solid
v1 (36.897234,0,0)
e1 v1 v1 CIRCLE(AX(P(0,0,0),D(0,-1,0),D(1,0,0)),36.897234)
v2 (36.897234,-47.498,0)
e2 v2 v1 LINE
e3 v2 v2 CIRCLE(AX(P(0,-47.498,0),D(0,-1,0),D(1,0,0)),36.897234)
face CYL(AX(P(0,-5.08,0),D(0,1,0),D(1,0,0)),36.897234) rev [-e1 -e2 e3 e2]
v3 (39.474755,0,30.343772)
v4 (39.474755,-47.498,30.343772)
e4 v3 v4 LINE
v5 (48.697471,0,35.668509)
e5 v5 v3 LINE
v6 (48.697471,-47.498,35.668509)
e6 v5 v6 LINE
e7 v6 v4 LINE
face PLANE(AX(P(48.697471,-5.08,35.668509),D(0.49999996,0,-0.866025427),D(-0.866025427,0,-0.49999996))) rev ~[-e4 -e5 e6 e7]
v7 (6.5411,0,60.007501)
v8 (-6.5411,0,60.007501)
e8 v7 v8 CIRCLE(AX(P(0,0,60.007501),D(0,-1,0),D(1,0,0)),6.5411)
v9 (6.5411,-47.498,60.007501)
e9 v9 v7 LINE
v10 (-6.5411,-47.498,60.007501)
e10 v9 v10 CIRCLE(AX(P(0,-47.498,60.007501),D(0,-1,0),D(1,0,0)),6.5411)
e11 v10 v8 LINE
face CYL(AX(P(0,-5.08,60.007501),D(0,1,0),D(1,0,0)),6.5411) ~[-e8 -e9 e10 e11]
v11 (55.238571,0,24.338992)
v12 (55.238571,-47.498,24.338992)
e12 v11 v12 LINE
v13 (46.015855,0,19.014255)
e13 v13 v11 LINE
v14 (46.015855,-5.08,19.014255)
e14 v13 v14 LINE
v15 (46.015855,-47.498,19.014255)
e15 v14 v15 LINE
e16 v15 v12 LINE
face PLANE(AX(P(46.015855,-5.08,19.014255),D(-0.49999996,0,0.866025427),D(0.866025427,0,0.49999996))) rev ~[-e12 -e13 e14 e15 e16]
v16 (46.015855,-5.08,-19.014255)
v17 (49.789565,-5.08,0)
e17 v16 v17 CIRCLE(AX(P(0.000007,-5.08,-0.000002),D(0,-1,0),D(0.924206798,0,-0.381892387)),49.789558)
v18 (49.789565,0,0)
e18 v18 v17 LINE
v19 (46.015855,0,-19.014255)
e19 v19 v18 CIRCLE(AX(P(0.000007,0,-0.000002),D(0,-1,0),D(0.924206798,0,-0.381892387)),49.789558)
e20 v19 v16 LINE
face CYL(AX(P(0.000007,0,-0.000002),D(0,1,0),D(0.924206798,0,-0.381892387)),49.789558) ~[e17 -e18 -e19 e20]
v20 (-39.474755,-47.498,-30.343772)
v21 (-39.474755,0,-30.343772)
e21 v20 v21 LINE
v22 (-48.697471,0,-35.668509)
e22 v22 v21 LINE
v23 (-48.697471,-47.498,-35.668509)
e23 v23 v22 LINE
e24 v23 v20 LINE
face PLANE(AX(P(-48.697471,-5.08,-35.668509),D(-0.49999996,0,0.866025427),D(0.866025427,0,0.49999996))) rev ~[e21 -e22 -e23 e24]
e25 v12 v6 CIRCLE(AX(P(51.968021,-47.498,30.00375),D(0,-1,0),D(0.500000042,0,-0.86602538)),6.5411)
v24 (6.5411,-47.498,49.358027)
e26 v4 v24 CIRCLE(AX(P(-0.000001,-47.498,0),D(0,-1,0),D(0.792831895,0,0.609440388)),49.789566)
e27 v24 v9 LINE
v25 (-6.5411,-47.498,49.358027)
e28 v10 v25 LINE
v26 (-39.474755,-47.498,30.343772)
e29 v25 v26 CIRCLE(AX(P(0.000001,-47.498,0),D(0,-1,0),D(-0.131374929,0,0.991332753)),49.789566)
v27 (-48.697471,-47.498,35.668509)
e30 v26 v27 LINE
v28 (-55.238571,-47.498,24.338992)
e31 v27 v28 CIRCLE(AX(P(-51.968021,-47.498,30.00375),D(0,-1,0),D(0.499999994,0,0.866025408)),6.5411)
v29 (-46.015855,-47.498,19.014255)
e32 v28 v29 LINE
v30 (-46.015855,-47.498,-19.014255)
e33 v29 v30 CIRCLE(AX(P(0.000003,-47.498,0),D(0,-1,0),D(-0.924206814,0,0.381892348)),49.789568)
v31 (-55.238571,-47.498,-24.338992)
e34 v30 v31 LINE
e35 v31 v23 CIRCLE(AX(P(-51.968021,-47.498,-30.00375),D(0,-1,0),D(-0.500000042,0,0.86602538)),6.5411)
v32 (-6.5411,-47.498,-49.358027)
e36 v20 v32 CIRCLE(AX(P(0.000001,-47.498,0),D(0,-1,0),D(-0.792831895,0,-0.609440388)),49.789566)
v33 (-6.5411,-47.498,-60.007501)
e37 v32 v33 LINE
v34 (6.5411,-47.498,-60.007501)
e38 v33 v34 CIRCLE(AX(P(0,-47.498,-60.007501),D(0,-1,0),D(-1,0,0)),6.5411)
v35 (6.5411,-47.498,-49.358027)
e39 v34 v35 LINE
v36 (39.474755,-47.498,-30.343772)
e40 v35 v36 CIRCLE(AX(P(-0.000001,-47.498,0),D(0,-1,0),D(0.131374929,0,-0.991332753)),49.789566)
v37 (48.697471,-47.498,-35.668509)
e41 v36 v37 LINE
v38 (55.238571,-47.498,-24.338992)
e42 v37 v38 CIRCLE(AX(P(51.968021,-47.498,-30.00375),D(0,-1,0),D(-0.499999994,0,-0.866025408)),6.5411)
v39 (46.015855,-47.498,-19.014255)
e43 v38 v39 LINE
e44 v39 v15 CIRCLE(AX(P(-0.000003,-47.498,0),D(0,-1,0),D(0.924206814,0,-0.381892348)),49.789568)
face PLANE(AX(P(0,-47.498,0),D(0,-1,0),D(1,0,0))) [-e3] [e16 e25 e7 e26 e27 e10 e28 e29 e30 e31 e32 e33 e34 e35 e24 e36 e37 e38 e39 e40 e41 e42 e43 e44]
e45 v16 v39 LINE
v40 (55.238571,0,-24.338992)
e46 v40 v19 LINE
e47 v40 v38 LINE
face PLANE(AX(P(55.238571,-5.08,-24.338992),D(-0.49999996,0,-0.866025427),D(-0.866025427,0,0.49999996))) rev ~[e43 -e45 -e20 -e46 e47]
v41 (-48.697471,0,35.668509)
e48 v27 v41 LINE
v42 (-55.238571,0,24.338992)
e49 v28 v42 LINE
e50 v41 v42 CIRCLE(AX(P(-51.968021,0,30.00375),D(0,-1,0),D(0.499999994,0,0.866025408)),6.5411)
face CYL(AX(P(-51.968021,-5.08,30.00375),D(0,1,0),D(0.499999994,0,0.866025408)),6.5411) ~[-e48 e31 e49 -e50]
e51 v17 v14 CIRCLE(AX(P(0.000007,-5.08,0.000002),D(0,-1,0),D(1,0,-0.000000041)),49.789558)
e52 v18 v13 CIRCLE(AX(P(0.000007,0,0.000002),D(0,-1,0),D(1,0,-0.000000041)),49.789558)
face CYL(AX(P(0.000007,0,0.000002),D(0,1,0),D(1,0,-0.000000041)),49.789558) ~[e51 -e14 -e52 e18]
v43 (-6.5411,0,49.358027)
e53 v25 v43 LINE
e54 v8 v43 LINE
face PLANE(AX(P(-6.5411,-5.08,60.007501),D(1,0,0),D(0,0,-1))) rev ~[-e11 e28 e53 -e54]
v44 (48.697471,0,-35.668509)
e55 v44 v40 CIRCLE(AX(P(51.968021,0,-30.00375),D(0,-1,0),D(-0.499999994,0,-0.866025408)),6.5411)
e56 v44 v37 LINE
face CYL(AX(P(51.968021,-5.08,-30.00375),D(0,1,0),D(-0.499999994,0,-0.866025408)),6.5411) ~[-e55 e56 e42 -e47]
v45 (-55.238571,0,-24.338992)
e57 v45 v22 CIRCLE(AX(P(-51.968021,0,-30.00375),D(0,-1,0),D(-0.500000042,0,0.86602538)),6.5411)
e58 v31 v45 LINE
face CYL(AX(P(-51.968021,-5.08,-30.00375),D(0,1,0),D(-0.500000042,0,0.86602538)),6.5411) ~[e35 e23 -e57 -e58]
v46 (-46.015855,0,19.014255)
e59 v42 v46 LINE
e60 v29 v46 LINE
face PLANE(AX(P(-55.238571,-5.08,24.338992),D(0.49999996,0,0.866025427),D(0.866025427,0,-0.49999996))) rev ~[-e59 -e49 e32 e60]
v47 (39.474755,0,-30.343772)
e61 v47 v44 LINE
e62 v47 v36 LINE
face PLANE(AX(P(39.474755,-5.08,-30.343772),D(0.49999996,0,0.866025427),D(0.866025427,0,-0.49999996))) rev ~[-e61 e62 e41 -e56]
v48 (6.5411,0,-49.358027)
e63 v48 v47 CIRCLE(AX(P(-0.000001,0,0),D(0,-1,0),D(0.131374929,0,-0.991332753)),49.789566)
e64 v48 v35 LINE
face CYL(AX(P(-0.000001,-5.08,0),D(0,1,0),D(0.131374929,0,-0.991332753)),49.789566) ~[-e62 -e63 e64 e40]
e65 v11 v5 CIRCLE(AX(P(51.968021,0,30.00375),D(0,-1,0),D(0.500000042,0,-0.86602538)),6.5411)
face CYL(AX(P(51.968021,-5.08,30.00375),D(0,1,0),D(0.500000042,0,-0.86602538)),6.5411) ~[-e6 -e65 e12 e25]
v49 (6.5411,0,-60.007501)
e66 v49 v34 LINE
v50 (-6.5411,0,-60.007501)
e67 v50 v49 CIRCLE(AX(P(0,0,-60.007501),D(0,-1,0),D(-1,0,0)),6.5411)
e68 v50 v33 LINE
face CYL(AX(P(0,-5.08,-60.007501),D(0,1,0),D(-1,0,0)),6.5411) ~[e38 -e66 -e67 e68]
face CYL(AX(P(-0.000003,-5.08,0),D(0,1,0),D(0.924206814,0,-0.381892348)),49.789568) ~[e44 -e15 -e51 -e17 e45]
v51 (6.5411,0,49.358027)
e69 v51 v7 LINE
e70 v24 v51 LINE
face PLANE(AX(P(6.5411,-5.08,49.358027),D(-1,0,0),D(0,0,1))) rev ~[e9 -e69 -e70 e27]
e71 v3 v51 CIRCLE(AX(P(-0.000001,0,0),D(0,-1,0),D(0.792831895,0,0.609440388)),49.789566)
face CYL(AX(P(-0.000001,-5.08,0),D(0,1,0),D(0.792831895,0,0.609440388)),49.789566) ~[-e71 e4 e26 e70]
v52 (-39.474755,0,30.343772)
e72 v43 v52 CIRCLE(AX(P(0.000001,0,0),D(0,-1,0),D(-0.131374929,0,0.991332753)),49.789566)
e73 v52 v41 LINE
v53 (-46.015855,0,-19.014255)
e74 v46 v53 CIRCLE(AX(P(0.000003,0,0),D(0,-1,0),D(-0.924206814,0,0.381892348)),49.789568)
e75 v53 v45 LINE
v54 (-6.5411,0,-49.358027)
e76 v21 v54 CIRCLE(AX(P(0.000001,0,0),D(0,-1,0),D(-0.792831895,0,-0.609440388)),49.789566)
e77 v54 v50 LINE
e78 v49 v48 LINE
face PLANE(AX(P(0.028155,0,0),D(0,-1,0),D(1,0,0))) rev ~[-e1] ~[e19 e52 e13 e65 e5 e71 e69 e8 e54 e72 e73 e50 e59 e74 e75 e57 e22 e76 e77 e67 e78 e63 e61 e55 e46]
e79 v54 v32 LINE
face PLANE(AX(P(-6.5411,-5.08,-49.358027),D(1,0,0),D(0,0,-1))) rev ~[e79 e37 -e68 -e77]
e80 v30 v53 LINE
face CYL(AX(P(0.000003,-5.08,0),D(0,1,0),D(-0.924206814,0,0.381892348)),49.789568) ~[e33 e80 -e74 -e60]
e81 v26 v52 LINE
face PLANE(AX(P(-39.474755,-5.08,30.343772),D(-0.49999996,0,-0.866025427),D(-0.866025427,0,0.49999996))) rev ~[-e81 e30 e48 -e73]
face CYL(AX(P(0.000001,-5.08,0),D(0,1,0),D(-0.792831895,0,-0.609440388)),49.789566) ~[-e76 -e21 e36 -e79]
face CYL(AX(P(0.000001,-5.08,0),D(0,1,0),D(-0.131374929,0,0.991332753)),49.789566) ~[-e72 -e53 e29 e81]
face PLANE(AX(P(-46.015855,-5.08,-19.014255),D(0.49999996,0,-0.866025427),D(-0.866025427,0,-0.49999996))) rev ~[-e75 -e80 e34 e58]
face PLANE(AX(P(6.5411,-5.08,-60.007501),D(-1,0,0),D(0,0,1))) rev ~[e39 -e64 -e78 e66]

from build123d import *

# Parameters (mm, degrees)
F0_R      = 36.897234
F1_DEPTH  = 5.08
F1_FACE_R = 36.897234
F2_DEPTH  = 42.418


with BuildPart() as f1:
    # F0 (on Front) → F1 (new body)
    with BuildSketch(Plane.XZ):
        with BuildLine():
            ThreePointArc((46.015855, -19.014255), (48.837026, -9.692559), (49.789565, 0))
            ThreePointArc((49.789565, 0), (48.837026, 9.692559), (46.015855, 19.014255))
            Line((46.015855, 19.014255), (37.540586, 14.121056))
            Line((37.540586, 14.121056), (30.999486, 25.450573))
            Line((30.999486, 25.450573), (39.474755, 30.343772))
            ThreePointArc((39.474755, 30.343772), (24.894783, 43.119028), (6.5411, 49.358027))
            Line((6.5411, 49.358027), (6.5411, 39.571629))
            Line((6.5411, 39.571629), (-6.5411, 39.571629))
            Line((-6.5411, 39.571629), (-6.5411, 49.358027))
            ThreePointArc((-6.5411, 49.358027), (-24.894783, 43.119028), (-39.474755, 30.343772))
            Line((-39.474755, 30.343772), (-30.999486, 25.450573))
            Line((-30.999486, 25.450573), (-37.540586, 14.121056))
            Line((-37.540586, 14.121056), (-46.015855, 19.014255))
            ThreePointArc((-46.015855, 19.014255), (-49.789565, 0), (-46.015855, -19.014255))
            Line((-46.015855, -19.014255), (-37.540586, -14.121056))
            Line((-37.540586, -14.121056), (-30.999486, -25.450573))
            Line((-30.999486, -25.450573), (-39.474755, -30.343772))
            ThreePointArc((-39.474755, -30.343772), (-24.894783, -43.119028), (-6.5411, -49.358027))
            Line((-6.5411, -49.358027), (-6.5411, -39.571629))
            Line((-6.5411, -39.571629), (6.5411, -39.571629))
            Line((6.5411, -39.571629), (6.5411, -49.358027))
            ThreePointArc((6.5411, -49.358027), (24.894783, -43.119028), (39.474755, -30.343772))
            Line((39.474755, -30.343772), (30.999486, -25.450573))
            Line((30.999486, -25.450573), (37.540586, -14.121056))
            Line((37.540586, -14.121056), (46.015855, -19.014255))
        make_face()
        Circle(F0_R, mode=Mode.SUBTRACT)
        with BuildLine():
            Line((-30.999486, 25.450573), (-39.474755, 30.343772))
            ThreePointArc((-39.474755, 30.343772), (-43.119028, 24.894783), (-46.015855, 19.014255))
            Line((-46.015855, 19.014255), (-37.540586, 14.121056))
            Line((-37.540586, 14.121056), (-30.999486, 25.450573))
        make_face()
        with BuildLine():
            ThreePointArc((-46.015855, 19.014255), (-43.119028, 24.894783), (-39.474755, 30.343772))
            Line((-39.474755, 30.343772), (-48.697471, 35.668509))
            ThreePointArc((-48.697471, 35.668509), (-57.632779, 33.274301), (-55.238571, 24.338992))
            Line((-55.238571, 24.338992), (-46.015855, 19.014255))
        make_face()
        with BuildLine():
            ThreePointArc((-46.015855, -19.014255), (-43.119028, -24.894783), (-39.474755, -30.343772))
            Line((-39.474755, -30.343772), (-30.999486, -25.450573))
            Line((-30.999486, -25.450573), (-37.540586, -14.121056))
            Line((-37.540586, -14.121056), (-46.015855, -19.014255))
        make_face()
        with BuildLine():
            Line((-48.697471, -35.668509), (-39.474755, -30.343772))
            ThreePointArc((-39.474755, -30.343772), (-43.119028, -24.894783), (-46.015855, -19.014255))
            Line((-46.015855, -19.014255), (-55.238571, -24.338992))
            ThreePointArc((-55.238571, -24.338992), (-57.632779, -33.274301), (-48.697471, -35.668509))
        make_face()
        with BuildLine():
            Line((6.5411, -60.007501), (6.5411, -49.358027))
            ThreePointArc((6.5411, -49.358027), (0, -49.789565), (-6.5411, -49.358027))
            Line((-6.5411, -49.358027), (-6.5411, -60.007501))
            ThreePointArc((-6.5411, -60.007501), (0, -66.548601), (6.5411, -60.007501))
        make_face()
        with BuildLine():
            ThreePointArc((-6.5411, -49.358027), (0, -49.789565), (6.5411, -49.358027))
            Line((6.5411, -49.358027), (6.5411, -39.571629))
            Line((6.5411, -39.571629), (-6.5411, -39.571629))
            Line((-6.5411, -39.571629), (-6.5411, -49.358027))
        make_face()
        with BuildLine():
            ThreePointArc((39.474755, -30.343772), (43.119028, -24.894783), (46.015855, -19.014255))
            Line((46.015855, -19.014255), (37.540586, -14.121056))
            Line((37.540586, -14.121056), (30.999486, -25.450573))
            Line((30.999486, -25.450573), (39.474755, -30.343772))
        make_face()
        with BuildLine():
            Line((55.238571, -24.338992), (46.015855, -19.014255))
            ThreePointArc((46.015855, -19.014255), (43.119028, -24.894783), (39.474755, -30.343772))
            Line((39.474755, -30.343772), (48.697471, -35.668509))
            ThreePointArc((48.697471, -35.668509), (57.632779, -33.274301), (55.238571, -24.338992))
        make_face()
        with BuildLine():
            Line((37.540586, 14.121056), (46.015855, 19.014255))
            ThreePointArc((46.015855, 19.014255), (43.119028, 24.894783), (39.474755, 30.343772))
            Line((39.474755, 30.343772), (30.999486, 25.450573))
            Line((30.999486, 25.450573), (37.540586, 14.121056))
        make_face()
        with BuildLine():
            ThreePointArc((39.474755, 30.343772), (43.119028, 24.894783), (46.015855, 19.014255))
            Line((46.015855, 19.014255), (55.238571, 24.338992))
            ThreePointArc((55.238571, 24.338992), (57.632779, 33.274301), (48.697471, 35.668509))
            Line((48.697471, 35.668509), (39.474755, 30.343772))
        make_face()
        with BuildLine():
            Line((6.5411, 39.571629), (6.5411, 49.358027))
            ThreePointArc((6.5411, 49.358027), (0, 49.789565), (-6.5411, 49.358027))
            Line((-6.5411, 49.358027), (-6.5411, 39.571629))
            Line((-6.5411, 39.571629), (6.5411, 39.571629))
        make_face()
        with BuildLine():
            ThreePointArc((-6.5411, 49.358027), (0, 49.789565), (6.5411, 49.358027))
            Line((6.5411, 49.358027), (6.5411, 60.007501))
            ThreePointArc((6.5411, 60.007501), (0, 66.548601), (-6.5411, 60.007501))
            Line((-6.5411, 60.007501), (-6.5411, 49.358027))
        make_face()
    extrude(amount=F1_DEPTH)

    # F1_face (on face) → F2 (join)
    with BuildSketch(Plane.XZ.offset(5.08)):
        with BuildLine():
            ThreePointArc((-39.474755, -30.343772), (-24.894783, -43.119028), (-6.5411, -49.358027))
            Line((-6.5411, -49.358027), (-6.5411, -60.007501))
            ThreePointArc((-6.5411, -60.007501), (0, -66.548601), (6.5411, -60.007501))
            Line((6.5411, -60.007501), (6.5411, -49.358027))
            ThreePointArc((6.5411, -49.358027), (24.894783, -43.119028), (39.474755, -30.343772))
            Line((39.474755, -30.343772), (48.697471, -35.668509))
            ThreePointArc((48.697471, -35.668509), (57.632779, -33.274301), (55.238571, -24.338992))
            Line((55.238571, -24.338992), (46.015855, -19.014255))
            ThreePointArc((46.015855, -19.014255), (49.789565, 0), (46.015855, 19.014255))
            Line((46.015855, 19.014255), (55.238571, 24.338992))
            ThreePointArc((55.238571, 24.338992), (57.632779, 33.274301), (48.697471, 35.668509))
            Line((48.697471, 35.668509), (39.474755, 30.343772))
            ThreePointArc((39.474755, 30.343772), (24.894783, 43.119028), (6.5411, 49.358027))
            Line((6.5411, 49.358027), (6.5411, 60.007501))
            ThreePointArc((6.5411, 60.007501), (0, 66.548601), (-6.5411, 60.007501))
            Line((-6.5411, 60.007501), (-6.5411, 49.358027))
            ThreePointArc((-6.5411, 49.358027), (-24.894783, 43.119028), (-39.474755, 30.343772))
            Line((-39.474755, 30.343772), (-48.697471, 35.668509))
            ThreePointArc((-48.697471, 35.668509), (-57.632779, 33.274301), (-55.238571, 24.338992))
            Line((-55.238571, 24.338992), (-46.015855, 19.014255))
            ThreePointArc((-46.015855, 19.014255), (-49.789565, 0), (-46.015855, -19.014255))
            Line((-46.015855, -19.014255), (-55.238571, -24.338992))
            ThreePointArc((-55.238571, -24.338992), (-57.632779, -33.274301), (-48.697471, -35.668509))
            Line((-48.697471, -35.668509), (-39.474755, -30.343772))
        make_face()
        Circle(F1_FACE_R, mode=Mode.SUBTRACT)
    extrude(amount=F2_DEPTH)


solid = f1.part
